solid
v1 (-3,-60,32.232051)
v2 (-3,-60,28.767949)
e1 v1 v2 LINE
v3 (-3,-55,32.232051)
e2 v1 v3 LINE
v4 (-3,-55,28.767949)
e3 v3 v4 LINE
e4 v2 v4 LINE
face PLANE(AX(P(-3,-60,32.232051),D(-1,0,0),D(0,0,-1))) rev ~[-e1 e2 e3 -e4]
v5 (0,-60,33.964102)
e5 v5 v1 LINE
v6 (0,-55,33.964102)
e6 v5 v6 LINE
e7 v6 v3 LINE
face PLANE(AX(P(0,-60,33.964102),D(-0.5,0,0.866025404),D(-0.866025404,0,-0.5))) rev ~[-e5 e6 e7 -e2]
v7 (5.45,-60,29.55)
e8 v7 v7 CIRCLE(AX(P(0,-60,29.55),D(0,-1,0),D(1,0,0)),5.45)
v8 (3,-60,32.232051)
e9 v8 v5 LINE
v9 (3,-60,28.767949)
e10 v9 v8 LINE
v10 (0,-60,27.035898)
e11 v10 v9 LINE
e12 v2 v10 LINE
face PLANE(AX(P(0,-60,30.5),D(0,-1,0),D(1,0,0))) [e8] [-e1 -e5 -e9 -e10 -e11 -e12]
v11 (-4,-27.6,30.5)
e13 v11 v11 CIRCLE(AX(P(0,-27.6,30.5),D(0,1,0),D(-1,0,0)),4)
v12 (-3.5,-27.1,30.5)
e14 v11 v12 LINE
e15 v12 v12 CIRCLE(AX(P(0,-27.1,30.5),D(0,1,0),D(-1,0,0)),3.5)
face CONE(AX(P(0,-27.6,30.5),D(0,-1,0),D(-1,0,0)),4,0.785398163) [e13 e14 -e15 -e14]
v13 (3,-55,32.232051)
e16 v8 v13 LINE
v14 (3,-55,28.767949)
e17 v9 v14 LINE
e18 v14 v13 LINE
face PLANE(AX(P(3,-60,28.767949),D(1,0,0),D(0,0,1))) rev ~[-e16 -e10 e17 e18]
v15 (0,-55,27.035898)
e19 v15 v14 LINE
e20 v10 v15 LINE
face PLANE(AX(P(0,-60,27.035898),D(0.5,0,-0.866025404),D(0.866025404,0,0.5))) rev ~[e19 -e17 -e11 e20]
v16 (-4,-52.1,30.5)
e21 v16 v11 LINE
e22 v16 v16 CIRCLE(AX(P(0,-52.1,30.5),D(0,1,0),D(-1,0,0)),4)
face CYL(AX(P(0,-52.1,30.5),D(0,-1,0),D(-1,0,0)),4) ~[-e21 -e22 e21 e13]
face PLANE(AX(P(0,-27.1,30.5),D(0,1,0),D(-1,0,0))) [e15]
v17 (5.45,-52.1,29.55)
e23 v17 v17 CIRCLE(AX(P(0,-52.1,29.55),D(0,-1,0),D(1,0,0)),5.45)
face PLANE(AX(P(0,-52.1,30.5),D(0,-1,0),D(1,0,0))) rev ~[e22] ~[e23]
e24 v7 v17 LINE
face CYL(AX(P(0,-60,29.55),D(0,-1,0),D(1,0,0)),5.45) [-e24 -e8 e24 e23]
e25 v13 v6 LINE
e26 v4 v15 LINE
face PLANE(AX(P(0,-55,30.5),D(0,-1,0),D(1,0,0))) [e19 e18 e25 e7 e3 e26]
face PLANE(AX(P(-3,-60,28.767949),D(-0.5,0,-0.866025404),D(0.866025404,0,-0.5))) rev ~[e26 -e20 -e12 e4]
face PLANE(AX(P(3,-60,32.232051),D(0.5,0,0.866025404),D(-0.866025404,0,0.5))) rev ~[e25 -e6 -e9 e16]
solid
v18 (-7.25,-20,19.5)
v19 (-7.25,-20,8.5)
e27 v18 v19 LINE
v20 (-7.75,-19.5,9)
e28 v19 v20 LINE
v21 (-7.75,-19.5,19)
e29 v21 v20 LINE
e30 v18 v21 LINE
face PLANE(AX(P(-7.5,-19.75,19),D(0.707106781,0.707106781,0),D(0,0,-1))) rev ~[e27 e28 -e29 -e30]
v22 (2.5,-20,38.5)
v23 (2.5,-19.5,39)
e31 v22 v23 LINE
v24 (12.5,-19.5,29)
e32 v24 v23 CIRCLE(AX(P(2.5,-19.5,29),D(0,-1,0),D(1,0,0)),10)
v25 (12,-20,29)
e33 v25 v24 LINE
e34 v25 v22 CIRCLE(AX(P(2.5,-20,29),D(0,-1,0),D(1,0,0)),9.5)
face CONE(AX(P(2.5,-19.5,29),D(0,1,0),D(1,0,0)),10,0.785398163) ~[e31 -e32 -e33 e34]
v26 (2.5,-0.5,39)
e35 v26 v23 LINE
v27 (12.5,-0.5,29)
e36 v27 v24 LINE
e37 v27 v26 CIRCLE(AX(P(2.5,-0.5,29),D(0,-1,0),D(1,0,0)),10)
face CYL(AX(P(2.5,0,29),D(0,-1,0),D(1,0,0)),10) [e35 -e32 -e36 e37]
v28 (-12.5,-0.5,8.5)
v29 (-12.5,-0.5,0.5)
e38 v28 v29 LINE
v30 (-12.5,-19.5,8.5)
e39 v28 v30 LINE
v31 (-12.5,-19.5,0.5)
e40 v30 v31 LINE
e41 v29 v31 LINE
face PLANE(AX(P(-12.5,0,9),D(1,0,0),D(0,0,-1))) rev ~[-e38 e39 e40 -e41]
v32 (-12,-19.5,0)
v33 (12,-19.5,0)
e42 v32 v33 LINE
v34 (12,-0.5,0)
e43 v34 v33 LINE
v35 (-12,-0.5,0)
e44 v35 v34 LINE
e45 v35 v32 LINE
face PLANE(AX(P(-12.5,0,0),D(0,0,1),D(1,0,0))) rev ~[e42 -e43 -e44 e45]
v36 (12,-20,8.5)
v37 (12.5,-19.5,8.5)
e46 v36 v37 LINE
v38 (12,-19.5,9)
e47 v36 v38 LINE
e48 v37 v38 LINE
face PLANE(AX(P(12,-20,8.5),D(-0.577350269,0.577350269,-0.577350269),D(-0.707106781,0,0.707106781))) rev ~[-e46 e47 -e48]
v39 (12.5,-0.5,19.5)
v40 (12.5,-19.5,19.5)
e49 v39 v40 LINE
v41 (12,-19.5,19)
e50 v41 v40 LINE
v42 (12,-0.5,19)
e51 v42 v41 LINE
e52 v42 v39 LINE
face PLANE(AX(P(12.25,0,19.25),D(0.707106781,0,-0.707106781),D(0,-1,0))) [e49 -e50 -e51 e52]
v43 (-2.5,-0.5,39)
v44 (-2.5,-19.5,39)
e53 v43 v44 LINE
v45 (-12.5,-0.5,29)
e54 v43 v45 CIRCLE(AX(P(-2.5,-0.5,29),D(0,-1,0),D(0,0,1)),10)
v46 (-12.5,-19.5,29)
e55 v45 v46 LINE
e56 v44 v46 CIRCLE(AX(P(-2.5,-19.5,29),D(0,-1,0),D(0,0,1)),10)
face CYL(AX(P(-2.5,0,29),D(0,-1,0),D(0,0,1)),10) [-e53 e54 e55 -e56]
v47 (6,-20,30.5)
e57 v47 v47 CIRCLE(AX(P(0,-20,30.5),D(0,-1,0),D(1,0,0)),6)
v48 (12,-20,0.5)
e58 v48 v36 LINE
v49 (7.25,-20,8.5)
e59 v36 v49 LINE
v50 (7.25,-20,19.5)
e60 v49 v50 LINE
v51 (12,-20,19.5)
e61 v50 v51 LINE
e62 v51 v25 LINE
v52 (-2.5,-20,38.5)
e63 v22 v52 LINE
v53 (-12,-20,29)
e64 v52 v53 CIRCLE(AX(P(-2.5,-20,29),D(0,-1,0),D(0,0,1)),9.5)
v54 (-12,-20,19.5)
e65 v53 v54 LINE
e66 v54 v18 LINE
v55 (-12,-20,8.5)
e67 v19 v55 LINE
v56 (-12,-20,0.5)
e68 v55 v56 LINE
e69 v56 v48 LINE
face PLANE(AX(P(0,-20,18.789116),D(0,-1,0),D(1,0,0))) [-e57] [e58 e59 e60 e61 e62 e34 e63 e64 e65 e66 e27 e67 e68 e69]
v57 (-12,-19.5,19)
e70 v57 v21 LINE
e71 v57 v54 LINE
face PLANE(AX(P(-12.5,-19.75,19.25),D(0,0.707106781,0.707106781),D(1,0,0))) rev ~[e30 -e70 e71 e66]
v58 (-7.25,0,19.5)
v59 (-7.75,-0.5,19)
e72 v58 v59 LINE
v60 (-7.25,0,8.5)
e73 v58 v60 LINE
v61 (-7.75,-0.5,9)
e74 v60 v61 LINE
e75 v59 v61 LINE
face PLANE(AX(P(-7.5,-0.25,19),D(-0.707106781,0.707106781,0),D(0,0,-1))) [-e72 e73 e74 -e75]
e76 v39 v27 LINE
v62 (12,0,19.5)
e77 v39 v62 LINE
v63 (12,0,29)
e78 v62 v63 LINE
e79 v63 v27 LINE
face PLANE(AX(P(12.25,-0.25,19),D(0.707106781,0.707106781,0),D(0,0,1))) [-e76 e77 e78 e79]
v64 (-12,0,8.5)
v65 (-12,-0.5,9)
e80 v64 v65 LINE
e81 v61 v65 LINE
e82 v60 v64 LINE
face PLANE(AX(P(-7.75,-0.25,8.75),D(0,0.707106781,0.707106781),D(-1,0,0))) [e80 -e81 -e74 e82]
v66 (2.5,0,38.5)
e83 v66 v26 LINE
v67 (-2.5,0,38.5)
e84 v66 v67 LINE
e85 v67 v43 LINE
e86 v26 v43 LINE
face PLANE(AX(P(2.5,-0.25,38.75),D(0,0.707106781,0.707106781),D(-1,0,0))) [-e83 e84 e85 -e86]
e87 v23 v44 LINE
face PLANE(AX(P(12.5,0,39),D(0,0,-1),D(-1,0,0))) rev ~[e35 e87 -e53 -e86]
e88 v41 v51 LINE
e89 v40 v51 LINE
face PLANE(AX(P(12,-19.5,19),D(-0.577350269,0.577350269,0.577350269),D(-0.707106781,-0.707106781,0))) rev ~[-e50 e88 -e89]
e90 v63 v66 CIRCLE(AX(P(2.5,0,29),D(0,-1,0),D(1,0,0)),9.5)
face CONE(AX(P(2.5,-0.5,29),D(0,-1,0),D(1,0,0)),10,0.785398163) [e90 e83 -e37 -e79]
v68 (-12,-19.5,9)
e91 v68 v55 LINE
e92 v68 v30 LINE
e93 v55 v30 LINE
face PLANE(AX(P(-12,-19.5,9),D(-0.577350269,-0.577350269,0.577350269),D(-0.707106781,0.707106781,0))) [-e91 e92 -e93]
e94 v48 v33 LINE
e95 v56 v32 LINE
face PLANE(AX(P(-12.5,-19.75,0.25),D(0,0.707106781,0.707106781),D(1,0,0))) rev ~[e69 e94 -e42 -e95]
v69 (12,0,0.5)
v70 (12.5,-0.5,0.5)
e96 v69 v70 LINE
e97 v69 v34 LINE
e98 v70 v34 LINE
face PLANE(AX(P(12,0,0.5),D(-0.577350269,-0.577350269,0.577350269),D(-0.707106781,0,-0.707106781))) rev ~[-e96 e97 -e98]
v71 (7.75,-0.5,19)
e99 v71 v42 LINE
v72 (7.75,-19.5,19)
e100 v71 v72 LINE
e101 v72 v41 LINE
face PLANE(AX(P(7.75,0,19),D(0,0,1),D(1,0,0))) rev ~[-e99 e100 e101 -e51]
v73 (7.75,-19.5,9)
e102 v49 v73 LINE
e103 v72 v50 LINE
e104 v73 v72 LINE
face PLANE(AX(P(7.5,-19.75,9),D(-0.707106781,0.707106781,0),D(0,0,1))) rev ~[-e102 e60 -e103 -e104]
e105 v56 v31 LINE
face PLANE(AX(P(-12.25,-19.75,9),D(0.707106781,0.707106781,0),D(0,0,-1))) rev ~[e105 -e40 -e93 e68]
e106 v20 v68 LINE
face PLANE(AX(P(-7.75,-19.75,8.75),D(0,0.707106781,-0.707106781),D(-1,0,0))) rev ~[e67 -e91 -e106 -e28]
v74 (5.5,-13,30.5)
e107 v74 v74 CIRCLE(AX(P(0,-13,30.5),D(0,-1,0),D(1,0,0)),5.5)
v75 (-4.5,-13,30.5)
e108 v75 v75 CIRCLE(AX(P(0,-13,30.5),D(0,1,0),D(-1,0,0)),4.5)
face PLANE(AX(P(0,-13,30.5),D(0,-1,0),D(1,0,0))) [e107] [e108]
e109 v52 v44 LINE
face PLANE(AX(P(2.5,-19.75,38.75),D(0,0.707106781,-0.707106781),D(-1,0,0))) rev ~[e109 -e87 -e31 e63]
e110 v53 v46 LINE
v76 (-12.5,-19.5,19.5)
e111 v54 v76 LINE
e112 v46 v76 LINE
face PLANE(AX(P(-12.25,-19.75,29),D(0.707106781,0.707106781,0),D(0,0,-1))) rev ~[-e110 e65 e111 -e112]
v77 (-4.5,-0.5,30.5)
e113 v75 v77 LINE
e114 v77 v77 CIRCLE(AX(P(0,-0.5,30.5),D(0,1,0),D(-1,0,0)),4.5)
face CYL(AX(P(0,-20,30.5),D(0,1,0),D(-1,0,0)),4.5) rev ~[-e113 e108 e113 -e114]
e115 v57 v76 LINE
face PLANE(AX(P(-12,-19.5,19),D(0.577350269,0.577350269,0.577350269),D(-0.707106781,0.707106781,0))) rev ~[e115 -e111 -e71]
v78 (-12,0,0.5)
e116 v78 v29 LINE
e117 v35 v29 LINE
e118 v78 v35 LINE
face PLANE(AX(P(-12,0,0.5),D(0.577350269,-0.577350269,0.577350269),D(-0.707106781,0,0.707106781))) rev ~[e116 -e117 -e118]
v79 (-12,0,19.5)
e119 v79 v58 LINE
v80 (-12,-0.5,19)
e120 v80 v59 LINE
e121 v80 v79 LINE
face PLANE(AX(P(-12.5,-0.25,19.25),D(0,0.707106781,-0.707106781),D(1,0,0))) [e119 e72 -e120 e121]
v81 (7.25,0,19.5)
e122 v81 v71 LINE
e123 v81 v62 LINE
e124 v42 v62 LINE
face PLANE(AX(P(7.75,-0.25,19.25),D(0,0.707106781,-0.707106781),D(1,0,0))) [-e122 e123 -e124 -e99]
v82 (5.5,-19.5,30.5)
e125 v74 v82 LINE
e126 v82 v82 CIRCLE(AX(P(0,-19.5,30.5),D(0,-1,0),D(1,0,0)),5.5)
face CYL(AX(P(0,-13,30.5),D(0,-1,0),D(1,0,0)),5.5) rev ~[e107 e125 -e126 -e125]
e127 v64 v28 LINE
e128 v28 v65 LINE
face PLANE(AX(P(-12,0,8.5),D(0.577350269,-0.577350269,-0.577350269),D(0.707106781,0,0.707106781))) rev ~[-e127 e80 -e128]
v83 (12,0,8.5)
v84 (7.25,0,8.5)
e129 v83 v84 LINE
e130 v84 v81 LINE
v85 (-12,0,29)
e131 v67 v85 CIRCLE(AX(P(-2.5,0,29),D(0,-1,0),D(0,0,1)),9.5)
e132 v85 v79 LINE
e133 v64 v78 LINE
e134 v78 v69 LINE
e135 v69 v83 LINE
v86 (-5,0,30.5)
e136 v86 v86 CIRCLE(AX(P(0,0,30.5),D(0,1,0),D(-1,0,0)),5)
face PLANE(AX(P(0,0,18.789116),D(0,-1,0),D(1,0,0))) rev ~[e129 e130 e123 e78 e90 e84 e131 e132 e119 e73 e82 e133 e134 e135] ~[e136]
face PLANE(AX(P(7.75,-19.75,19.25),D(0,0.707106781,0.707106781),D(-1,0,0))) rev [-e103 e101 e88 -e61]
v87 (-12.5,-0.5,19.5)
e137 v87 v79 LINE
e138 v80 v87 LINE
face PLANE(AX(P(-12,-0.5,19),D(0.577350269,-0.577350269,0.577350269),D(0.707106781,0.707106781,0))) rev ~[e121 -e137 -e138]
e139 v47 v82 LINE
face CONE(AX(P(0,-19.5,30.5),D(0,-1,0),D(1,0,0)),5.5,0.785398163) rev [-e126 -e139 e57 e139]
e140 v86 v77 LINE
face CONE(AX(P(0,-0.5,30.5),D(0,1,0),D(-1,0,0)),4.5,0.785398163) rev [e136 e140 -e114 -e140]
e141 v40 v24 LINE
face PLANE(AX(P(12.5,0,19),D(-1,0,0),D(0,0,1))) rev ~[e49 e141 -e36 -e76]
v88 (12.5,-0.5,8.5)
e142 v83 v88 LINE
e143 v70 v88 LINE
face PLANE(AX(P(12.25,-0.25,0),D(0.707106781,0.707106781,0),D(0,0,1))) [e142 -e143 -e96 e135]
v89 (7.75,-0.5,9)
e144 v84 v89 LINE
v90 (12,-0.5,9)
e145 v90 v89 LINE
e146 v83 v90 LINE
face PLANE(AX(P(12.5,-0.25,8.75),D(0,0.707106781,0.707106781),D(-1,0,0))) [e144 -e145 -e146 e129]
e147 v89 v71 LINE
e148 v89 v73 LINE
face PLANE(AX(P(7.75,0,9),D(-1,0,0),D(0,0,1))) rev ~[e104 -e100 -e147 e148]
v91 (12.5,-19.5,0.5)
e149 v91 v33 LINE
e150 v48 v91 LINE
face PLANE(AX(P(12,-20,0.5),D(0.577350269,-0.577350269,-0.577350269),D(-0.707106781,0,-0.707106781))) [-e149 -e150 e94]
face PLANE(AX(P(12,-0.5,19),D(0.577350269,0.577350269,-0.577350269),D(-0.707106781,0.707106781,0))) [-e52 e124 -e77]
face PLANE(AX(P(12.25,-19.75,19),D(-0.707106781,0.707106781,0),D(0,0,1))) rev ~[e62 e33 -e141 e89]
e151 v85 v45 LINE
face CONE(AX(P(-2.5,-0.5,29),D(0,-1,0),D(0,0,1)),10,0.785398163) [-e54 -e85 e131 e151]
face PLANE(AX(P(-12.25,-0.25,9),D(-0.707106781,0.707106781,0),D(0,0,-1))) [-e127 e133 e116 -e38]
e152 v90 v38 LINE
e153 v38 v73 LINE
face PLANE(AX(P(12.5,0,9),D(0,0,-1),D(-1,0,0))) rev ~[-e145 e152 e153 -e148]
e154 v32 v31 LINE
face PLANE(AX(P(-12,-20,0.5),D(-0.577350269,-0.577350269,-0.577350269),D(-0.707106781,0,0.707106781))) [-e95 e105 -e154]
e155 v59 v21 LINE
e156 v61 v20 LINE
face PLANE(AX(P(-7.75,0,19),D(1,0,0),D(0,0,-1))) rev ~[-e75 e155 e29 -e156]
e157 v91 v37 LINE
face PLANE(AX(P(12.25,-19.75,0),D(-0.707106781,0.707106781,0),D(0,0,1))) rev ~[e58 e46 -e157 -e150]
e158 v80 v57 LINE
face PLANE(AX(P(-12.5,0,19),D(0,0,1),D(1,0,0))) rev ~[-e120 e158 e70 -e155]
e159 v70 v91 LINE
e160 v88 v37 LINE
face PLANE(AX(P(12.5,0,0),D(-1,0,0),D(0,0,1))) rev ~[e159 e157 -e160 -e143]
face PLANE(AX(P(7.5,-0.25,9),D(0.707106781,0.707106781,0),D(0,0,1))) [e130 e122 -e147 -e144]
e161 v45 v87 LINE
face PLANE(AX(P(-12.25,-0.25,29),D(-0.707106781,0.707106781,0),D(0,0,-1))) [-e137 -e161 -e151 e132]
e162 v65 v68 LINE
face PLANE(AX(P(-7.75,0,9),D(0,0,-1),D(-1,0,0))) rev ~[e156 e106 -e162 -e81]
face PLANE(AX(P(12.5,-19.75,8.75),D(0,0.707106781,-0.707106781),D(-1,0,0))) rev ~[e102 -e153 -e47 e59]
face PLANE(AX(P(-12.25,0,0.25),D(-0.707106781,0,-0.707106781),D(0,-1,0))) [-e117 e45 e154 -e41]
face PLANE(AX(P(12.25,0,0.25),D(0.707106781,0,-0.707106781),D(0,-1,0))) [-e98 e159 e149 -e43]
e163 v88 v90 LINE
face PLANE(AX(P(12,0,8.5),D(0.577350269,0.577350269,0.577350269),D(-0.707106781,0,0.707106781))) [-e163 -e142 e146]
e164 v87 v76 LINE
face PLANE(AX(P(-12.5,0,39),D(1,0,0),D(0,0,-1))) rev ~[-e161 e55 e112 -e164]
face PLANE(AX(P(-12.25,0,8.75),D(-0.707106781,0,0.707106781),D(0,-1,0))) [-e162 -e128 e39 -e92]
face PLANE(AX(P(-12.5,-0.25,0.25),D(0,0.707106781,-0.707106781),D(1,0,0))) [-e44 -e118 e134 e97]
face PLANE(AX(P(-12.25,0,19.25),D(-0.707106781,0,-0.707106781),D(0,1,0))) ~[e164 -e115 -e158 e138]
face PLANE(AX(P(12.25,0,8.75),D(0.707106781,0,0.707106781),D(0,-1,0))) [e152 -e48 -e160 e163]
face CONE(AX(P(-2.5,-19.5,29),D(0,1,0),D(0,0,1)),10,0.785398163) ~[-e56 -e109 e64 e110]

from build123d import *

# Parameters (mm, degrees)
F1_DEPTH       = 20
F2_R           = 10
F4_D           = 9
F4_CBORE_D     = 11
F4_CBORE_DEPTH = 7
F5_SIZE        = 0.5
F7_R           = 6.45
F8_DEPTH       = 7.9
F10_DEPTH      = 5
F11_R          = 4
F12_DEPTH      = 25
F13_SIZE       = 0.5
F14_R          = 6.45
F14_R_2        = 5.45
F15_DEPTH      = 7.9


with BuildPart() as f1:
    # F0 (on Front) → F1 (new body)
    with BuildSketch(Plane.XZ):
        Polygon((-12.5, 0), (0, 0), (12.5, 0), (12.5, 9), (7.75, 9), (7.75, 19), (12.5, 19), (12.5, 39), (0, 39), (-12.5, 39), (-12.5, 19), (-7.75, 19), (-7.75, 9), (-12.5, 9), align=None)
    extrude(amount=F1_DEPTH)

    # F2
    f2_edges = [f1.edges().sort_by_distance(p)[0] for p in [
        (-12.5, -10, 39),
        (12.5, -10, 39),
    ]]
    fillet(f2_edges, radius=F2_R)

    # F4 (through all)
    with Locations(Plane.XZ.offset(20)):
        with Locations((0, 30.5)):
            CounterBoreHole(F4_D / 2, F4_CBORE_D / 2, F4_CBORE_DEPTH)

    # F5
    f5_edges = [f1.edges().sort_by_distance(p)[0] for p in [
        (0, -20, 39),
        (-2.5, -10, 39),
        (2.5, -10, 39),
        (0, 0, 39),
        (12.5, 0, 24),
        (12.5, -10, 29),
        (12.5, -10, 19),
        (12.5, -20, 24),
        (12.5, -10, 0),
        (12.5, -10, 9),
        (12.5, 0, 4.5),
        (12.5, -20, 4.5),
        (-12.5, -10, 0),
        (0, -20, 0),
        (0, 0, 0),
        (9.571068, -20, 36.071068),
        (10.125, -20, 19),
        (7.75, -20, 14),
        (-9.571068, -20, 36.071068),
        (10.125, -20, 9),
        (-12.5, -20, 24),
        (-10.125, -20, 19),
        (-7.75, -20, 14),
        (-12.5, -20, 4.5),
        (-10.125, -20, 9),
        (-5.5, -20, 30.5),
        (-12.5, -10, 9),
        (-12.5, 0, 4.5),
        (-12.5, 0, 24),
        (-12.5, -10, 29),
        (-12.5, -10, 19),
        (9.571068, 0, 36.071068),
        (10.125, 0, 19),
        (7.75, 0, 14),
        (-9.571068, 0, 36.071068),
        (10.125, 0, 9),
        (-10.125, 0, 19),
        (-7.75, 0, 14),
        (-10.125, 0, 9),
        (-4.5, 0, 30.5),
    ]]
    chamfer(f5_edges, length=F5_SIZE)


with BuildPart() as f8:
    # F7 (on offset) → F8 (new body)
    with BuildSketch(Plane.XZ.offset(60)):
        with Locations((0, 30.5)):
            Circle(F7_R)
    extrude(amount=-F8_DEPTH)

    # F9 (on face) → F10 (cut)
    with BuildSketch(Plane.XZ.offset(60)):
        Polygon((3, 32.2320508076), (0, 33.9641016151), (-3, 32.2320508076), (-3, 28.7679491924), (0, 27.0358983849), (3, 28.7679491924), align=None)
    extrude(amount=-F10_DEPTH, mode=Mode.SUBTRACT)

    # F11 (on face) → F12 (join)
    with BuildSketch(Plane(origin=(0, -52.1, 0), x_dir=(-1, 0, 0), z_dir=(0, 1, 0))):
        with Locations((0, 30.5)):
            Circle(F11_R)
    extrude(amount=F12_DEPTH)

    # F13
    f13_edges = [f8.edges().sort_by_distance(p)[0] for p in [
        (4, -27.1, 30.5),
    ]]
    chamfer(f13_edges, length=F13_SIZE)

    # F14 (on face) → F15 (cut, through all)
    with BuildSketch(Plane.XZ.offset(60)):
        with Locations((0, 30.5)):
            Circle(F14_R)
        with Locations((0, 29.55)):
            Circle(F14_R_2, mode=Mode.SUBTRACT)
    extrude(amount=-F15_DEPTH, mode=Mode.SUBTRACT)


solid = Compound([f1.part, f8.part])
